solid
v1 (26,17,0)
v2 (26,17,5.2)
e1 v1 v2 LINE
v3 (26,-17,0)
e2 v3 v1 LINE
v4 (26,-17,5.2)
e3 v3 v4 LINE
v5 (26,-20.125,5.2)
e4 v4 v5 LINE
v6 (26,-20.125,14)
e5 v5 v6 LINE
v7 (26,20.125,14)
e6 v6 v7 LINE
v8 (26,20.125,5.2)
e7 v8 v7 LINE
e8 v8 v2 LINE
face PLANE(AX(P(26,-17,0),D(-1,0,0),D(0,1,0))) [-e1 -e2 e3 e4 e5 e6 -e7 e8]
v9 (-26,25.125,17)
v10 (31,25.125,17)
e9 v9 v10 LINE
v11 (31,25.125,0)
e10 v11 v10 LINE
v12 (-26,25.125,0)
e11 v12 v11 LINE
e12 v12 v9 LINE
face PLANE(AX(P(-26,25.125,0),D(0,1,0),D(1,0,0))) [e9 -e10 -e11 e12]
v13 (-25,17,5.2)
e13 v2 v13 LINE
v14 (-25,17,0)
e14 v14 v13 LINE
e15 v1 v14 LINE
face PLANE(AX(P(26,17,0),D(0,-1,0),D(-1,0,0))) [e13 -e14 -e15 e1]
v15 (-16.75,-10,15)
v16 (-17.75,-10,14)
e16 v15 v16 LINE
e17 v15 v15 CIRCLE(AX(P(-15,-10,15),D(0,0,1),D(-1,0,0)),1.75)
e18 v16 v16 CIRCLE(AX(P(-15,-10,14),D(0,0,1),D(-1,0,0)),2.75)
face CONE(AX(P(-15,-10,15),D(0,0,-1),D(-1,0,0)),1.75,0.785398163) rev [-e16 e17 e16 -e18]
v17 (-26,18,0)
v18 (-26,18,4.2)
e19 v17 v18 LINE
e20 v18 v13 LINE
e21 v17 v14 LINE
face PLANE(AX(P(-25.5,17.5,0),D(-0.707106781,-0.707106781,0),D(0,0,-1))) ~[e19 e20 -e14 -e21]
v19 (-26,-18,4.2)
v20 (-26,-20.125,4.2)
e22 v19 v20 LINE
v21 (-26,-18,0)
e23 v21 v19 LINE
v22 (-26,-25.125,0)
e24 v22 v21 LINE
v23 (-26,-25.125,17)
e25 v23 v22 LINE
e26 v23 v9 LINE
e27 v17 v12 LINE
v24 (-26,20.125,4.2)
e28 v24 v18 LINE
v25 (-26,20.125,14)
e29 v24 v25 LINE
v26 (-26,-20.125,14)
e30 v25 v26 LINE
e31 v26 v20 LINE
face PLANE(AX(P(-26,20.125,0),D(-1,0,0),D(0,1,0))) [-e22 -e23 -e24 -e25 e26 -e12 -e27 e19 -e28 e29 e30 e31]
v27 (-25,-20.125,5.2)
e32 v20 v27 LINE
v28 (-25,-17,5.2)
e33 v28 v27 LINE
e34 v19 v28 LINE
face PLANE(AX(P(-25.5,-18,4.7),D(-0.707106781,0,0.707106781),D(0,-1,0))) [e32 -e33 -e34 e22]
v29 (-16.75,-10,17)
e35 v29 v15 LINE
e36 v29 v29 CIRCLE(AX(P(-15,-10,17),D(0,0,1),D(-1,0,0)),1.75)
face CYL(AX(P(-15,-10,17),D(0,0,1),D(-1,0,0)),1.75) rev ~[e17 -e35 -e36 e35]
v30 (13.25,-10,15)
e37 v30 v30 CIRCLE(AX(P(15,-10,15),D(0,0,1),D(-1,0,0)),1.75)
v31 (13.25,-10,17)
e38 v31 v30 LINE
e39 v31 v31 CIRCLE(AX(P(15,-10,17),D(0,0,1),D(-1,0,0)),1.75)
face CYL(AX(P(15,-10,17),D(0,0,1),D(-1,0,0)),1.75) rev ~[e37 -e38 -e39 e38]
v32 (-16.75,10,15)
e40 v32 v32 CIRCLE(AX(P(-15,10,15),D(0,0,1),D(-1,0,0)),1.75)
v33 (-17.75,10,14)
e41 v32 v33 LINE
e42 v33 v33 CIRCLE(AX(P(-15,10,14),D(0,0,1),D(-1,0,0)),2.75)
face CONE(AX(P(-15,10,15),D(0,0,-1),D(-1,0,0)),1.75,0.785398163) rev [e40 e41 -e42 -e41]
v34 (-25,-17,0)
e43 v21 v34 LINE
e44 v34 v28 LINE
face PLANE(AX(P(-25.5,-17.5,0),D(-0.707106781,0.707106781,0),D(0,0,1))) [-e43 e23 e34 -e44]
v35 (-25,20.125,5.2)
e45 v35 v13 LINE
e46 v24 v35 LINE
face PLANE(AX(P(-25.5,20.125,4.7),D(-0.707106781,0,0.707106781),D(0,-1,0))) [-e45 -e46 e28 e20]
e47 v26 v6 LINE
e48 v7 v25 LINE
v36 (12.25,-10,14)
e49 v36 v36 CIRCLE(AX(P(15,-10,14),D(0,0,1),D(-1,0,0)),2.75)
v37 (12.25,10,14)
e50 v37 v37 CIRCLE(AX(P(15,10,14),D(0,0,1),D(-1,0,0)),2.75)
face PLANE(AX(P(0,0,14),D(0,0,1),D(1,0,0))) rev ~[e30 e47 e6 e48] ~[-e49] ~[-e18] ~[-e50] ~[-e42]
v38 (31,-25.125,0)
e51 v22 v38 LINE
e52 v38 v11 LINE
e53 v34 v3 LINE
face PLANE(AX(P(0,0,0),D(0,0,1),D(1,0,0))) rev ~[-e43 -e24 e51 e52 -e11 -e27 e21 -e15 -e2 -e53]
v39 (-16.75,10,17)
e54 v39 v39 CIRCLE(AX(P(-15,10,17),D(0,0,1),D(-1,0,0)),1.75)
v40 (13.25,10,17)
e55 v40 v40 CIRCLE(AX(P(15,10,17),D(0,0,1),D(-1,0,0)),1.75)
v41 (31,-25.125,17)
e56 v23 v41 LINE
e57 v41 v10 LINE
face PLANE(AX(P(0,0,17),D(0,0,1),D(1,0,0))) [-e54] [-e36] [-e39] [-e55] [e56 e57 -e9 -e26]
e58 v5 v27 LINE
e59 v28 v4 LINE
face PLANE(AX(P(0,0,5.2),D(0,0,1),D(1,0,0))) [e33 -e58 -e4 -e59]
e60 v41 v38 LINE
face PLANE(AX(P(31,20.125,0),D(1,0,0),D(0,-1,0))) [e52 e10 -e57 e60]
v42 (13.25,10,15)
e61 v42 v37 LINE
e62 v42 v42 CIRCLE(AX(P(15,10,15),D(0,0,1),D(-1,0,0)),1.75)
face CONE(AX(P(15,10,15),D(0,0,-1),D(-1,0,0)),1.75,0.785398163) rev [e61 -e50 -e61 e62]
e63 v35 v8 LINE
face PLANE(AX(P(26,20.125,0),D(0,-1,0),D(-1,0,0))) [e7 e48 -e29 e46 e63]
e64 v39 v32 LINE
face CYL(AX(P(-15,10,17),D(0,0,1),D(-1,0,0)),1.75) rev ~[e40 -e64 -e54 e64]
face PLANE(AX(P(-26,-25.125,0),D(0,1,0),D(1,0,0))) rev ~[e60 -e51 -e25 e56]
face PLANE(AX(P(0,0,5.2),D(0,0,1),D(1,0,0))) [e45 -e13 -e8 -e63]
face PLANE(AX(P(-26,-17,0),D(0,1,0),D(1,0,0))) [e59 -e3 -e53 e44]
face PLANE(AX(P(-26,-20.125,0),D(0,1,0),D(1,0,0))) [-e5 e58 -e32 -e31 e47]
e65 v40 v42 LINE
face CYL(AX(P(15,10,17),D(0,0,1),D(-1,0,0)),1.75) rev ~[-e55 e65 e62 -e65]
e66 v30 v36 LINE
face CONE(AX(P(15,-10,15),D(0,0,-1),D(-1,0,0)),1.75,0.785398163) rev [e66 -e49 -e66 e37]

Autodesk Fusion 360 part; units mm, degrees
sketch "Sketch1" plane through (0, 0, 0) normal (0, 0, 1) x (1, 0, 0)
  line L0 (26, 17) -> (-26, 17)
  line L1 (-26, 17) -> (-26, -17)
  line L2 (-26, -17) -> (26, -17)
  line L3 (26, -17) -> (26, 17)
  line L4 (-26, 17) -> (26, -17) construction
  line L5 (26, 20.125) -> (-26, 20.125)
  line L6 (-26, 20.125) -> (-26, -20.125)
  line L7 (-26, -20.125) -> (26, -20.125)
  line L8 (26, -20.125) -> (26, 20.125)
  line L9 (-26, 20.125) -> (26, -20.125) construction
  line L10 (26, -20.125) -> (31, -20.125)
  line L11 (31, -20.125) -> (31, 0)
  line L12 (1.75, 0) -> (22.5, 0)
  line L13 (31, 20.125) -> (31, 0)
  line L14 (26, 20.125) -> (31, 20.125)
  line L15 (-26, -20.125) -> (-26, -25.125)
  line L16 (-26, -25.125) -> (31, -25.125)
  line L17 (31, -25.125) -> (31, -20.125)
  line L18 (-26, 25.125) -> (31, 25.125)
  line L19 (31, 25.125) -> (31, 20.125)
  line L20 (-26, 20.125) -> (-26, 25.125)
  dimension "d1" = 52
  dimension "d2" = 34
  dimension "d3" = 52
  dimension "d4" = 40.25
  dimension "d7" = 5
extrude "Extrude1" add sketch "Sketch1" along normal blind 5.2 contours L3 L8 L10 L11 L13 L14 | L0 L5 L6 L8 | L2 L6 L7 L8 | L5 L14 L18 L19 L20 | L7 L10 L15 L16 L17
extrude "Extrude2" add sketch "Sketch1" along normal blind 14 contours L3 L8 L10 L11 L13 L14 | L5 L14 L18 L19 L20 | L7 L10 L15 L16 L17
extrude "Extrude3" add sketch "Sketch1" along normal blind 17 and the other way blind -14
sketch "Sketch2" plane through (0, 0, 17) normal (0, 0, 1) x (-1, 0, 0)
  line L0 (26, -25.125) -> (26, 25.125)
  line L1 (26, 25.125) -> (-31, 25.125)
  line L2 (-31, 25.125) -> (-31, -25.125)
  line L3 (-31, -25.125) -> (26, -25.125)
  circle A0 centre (15, 10) radius 1.75
  circle A1 centre (-15, 10) radius 1.75
  line L4 (-1.75, 0) -> (-22.5, 0)
  circle A2 centre (-15, -10) radius 1.75
  circle A3 centre (15, -10) radius 1.75
  dimension "d14" = 3.5
  dimension "d15" = 3.5
extrude "Extrude4" cut sketch "Sketch2" against normal blind 5 contours A0 | A1 | A2 | A3
chamfer "Chamfer1" distance 1 angle 45 4 edges at (-13.3684, 10.6328, 14) (-13.3684, -9.3672, 14) (16.6316, 10.6328, 14) (16.6316, -9.3672, 14)
chamfer "Chamfer2" distance 1 angle 45 2 edges at (-26, 17, 2.6) (-26, -17, 2.6)
chamfer "Chamfer3" distance 1 angle 45 2 edges at (-26, 19.0625, 5.2) (-26, -19.0625, 5.2)
